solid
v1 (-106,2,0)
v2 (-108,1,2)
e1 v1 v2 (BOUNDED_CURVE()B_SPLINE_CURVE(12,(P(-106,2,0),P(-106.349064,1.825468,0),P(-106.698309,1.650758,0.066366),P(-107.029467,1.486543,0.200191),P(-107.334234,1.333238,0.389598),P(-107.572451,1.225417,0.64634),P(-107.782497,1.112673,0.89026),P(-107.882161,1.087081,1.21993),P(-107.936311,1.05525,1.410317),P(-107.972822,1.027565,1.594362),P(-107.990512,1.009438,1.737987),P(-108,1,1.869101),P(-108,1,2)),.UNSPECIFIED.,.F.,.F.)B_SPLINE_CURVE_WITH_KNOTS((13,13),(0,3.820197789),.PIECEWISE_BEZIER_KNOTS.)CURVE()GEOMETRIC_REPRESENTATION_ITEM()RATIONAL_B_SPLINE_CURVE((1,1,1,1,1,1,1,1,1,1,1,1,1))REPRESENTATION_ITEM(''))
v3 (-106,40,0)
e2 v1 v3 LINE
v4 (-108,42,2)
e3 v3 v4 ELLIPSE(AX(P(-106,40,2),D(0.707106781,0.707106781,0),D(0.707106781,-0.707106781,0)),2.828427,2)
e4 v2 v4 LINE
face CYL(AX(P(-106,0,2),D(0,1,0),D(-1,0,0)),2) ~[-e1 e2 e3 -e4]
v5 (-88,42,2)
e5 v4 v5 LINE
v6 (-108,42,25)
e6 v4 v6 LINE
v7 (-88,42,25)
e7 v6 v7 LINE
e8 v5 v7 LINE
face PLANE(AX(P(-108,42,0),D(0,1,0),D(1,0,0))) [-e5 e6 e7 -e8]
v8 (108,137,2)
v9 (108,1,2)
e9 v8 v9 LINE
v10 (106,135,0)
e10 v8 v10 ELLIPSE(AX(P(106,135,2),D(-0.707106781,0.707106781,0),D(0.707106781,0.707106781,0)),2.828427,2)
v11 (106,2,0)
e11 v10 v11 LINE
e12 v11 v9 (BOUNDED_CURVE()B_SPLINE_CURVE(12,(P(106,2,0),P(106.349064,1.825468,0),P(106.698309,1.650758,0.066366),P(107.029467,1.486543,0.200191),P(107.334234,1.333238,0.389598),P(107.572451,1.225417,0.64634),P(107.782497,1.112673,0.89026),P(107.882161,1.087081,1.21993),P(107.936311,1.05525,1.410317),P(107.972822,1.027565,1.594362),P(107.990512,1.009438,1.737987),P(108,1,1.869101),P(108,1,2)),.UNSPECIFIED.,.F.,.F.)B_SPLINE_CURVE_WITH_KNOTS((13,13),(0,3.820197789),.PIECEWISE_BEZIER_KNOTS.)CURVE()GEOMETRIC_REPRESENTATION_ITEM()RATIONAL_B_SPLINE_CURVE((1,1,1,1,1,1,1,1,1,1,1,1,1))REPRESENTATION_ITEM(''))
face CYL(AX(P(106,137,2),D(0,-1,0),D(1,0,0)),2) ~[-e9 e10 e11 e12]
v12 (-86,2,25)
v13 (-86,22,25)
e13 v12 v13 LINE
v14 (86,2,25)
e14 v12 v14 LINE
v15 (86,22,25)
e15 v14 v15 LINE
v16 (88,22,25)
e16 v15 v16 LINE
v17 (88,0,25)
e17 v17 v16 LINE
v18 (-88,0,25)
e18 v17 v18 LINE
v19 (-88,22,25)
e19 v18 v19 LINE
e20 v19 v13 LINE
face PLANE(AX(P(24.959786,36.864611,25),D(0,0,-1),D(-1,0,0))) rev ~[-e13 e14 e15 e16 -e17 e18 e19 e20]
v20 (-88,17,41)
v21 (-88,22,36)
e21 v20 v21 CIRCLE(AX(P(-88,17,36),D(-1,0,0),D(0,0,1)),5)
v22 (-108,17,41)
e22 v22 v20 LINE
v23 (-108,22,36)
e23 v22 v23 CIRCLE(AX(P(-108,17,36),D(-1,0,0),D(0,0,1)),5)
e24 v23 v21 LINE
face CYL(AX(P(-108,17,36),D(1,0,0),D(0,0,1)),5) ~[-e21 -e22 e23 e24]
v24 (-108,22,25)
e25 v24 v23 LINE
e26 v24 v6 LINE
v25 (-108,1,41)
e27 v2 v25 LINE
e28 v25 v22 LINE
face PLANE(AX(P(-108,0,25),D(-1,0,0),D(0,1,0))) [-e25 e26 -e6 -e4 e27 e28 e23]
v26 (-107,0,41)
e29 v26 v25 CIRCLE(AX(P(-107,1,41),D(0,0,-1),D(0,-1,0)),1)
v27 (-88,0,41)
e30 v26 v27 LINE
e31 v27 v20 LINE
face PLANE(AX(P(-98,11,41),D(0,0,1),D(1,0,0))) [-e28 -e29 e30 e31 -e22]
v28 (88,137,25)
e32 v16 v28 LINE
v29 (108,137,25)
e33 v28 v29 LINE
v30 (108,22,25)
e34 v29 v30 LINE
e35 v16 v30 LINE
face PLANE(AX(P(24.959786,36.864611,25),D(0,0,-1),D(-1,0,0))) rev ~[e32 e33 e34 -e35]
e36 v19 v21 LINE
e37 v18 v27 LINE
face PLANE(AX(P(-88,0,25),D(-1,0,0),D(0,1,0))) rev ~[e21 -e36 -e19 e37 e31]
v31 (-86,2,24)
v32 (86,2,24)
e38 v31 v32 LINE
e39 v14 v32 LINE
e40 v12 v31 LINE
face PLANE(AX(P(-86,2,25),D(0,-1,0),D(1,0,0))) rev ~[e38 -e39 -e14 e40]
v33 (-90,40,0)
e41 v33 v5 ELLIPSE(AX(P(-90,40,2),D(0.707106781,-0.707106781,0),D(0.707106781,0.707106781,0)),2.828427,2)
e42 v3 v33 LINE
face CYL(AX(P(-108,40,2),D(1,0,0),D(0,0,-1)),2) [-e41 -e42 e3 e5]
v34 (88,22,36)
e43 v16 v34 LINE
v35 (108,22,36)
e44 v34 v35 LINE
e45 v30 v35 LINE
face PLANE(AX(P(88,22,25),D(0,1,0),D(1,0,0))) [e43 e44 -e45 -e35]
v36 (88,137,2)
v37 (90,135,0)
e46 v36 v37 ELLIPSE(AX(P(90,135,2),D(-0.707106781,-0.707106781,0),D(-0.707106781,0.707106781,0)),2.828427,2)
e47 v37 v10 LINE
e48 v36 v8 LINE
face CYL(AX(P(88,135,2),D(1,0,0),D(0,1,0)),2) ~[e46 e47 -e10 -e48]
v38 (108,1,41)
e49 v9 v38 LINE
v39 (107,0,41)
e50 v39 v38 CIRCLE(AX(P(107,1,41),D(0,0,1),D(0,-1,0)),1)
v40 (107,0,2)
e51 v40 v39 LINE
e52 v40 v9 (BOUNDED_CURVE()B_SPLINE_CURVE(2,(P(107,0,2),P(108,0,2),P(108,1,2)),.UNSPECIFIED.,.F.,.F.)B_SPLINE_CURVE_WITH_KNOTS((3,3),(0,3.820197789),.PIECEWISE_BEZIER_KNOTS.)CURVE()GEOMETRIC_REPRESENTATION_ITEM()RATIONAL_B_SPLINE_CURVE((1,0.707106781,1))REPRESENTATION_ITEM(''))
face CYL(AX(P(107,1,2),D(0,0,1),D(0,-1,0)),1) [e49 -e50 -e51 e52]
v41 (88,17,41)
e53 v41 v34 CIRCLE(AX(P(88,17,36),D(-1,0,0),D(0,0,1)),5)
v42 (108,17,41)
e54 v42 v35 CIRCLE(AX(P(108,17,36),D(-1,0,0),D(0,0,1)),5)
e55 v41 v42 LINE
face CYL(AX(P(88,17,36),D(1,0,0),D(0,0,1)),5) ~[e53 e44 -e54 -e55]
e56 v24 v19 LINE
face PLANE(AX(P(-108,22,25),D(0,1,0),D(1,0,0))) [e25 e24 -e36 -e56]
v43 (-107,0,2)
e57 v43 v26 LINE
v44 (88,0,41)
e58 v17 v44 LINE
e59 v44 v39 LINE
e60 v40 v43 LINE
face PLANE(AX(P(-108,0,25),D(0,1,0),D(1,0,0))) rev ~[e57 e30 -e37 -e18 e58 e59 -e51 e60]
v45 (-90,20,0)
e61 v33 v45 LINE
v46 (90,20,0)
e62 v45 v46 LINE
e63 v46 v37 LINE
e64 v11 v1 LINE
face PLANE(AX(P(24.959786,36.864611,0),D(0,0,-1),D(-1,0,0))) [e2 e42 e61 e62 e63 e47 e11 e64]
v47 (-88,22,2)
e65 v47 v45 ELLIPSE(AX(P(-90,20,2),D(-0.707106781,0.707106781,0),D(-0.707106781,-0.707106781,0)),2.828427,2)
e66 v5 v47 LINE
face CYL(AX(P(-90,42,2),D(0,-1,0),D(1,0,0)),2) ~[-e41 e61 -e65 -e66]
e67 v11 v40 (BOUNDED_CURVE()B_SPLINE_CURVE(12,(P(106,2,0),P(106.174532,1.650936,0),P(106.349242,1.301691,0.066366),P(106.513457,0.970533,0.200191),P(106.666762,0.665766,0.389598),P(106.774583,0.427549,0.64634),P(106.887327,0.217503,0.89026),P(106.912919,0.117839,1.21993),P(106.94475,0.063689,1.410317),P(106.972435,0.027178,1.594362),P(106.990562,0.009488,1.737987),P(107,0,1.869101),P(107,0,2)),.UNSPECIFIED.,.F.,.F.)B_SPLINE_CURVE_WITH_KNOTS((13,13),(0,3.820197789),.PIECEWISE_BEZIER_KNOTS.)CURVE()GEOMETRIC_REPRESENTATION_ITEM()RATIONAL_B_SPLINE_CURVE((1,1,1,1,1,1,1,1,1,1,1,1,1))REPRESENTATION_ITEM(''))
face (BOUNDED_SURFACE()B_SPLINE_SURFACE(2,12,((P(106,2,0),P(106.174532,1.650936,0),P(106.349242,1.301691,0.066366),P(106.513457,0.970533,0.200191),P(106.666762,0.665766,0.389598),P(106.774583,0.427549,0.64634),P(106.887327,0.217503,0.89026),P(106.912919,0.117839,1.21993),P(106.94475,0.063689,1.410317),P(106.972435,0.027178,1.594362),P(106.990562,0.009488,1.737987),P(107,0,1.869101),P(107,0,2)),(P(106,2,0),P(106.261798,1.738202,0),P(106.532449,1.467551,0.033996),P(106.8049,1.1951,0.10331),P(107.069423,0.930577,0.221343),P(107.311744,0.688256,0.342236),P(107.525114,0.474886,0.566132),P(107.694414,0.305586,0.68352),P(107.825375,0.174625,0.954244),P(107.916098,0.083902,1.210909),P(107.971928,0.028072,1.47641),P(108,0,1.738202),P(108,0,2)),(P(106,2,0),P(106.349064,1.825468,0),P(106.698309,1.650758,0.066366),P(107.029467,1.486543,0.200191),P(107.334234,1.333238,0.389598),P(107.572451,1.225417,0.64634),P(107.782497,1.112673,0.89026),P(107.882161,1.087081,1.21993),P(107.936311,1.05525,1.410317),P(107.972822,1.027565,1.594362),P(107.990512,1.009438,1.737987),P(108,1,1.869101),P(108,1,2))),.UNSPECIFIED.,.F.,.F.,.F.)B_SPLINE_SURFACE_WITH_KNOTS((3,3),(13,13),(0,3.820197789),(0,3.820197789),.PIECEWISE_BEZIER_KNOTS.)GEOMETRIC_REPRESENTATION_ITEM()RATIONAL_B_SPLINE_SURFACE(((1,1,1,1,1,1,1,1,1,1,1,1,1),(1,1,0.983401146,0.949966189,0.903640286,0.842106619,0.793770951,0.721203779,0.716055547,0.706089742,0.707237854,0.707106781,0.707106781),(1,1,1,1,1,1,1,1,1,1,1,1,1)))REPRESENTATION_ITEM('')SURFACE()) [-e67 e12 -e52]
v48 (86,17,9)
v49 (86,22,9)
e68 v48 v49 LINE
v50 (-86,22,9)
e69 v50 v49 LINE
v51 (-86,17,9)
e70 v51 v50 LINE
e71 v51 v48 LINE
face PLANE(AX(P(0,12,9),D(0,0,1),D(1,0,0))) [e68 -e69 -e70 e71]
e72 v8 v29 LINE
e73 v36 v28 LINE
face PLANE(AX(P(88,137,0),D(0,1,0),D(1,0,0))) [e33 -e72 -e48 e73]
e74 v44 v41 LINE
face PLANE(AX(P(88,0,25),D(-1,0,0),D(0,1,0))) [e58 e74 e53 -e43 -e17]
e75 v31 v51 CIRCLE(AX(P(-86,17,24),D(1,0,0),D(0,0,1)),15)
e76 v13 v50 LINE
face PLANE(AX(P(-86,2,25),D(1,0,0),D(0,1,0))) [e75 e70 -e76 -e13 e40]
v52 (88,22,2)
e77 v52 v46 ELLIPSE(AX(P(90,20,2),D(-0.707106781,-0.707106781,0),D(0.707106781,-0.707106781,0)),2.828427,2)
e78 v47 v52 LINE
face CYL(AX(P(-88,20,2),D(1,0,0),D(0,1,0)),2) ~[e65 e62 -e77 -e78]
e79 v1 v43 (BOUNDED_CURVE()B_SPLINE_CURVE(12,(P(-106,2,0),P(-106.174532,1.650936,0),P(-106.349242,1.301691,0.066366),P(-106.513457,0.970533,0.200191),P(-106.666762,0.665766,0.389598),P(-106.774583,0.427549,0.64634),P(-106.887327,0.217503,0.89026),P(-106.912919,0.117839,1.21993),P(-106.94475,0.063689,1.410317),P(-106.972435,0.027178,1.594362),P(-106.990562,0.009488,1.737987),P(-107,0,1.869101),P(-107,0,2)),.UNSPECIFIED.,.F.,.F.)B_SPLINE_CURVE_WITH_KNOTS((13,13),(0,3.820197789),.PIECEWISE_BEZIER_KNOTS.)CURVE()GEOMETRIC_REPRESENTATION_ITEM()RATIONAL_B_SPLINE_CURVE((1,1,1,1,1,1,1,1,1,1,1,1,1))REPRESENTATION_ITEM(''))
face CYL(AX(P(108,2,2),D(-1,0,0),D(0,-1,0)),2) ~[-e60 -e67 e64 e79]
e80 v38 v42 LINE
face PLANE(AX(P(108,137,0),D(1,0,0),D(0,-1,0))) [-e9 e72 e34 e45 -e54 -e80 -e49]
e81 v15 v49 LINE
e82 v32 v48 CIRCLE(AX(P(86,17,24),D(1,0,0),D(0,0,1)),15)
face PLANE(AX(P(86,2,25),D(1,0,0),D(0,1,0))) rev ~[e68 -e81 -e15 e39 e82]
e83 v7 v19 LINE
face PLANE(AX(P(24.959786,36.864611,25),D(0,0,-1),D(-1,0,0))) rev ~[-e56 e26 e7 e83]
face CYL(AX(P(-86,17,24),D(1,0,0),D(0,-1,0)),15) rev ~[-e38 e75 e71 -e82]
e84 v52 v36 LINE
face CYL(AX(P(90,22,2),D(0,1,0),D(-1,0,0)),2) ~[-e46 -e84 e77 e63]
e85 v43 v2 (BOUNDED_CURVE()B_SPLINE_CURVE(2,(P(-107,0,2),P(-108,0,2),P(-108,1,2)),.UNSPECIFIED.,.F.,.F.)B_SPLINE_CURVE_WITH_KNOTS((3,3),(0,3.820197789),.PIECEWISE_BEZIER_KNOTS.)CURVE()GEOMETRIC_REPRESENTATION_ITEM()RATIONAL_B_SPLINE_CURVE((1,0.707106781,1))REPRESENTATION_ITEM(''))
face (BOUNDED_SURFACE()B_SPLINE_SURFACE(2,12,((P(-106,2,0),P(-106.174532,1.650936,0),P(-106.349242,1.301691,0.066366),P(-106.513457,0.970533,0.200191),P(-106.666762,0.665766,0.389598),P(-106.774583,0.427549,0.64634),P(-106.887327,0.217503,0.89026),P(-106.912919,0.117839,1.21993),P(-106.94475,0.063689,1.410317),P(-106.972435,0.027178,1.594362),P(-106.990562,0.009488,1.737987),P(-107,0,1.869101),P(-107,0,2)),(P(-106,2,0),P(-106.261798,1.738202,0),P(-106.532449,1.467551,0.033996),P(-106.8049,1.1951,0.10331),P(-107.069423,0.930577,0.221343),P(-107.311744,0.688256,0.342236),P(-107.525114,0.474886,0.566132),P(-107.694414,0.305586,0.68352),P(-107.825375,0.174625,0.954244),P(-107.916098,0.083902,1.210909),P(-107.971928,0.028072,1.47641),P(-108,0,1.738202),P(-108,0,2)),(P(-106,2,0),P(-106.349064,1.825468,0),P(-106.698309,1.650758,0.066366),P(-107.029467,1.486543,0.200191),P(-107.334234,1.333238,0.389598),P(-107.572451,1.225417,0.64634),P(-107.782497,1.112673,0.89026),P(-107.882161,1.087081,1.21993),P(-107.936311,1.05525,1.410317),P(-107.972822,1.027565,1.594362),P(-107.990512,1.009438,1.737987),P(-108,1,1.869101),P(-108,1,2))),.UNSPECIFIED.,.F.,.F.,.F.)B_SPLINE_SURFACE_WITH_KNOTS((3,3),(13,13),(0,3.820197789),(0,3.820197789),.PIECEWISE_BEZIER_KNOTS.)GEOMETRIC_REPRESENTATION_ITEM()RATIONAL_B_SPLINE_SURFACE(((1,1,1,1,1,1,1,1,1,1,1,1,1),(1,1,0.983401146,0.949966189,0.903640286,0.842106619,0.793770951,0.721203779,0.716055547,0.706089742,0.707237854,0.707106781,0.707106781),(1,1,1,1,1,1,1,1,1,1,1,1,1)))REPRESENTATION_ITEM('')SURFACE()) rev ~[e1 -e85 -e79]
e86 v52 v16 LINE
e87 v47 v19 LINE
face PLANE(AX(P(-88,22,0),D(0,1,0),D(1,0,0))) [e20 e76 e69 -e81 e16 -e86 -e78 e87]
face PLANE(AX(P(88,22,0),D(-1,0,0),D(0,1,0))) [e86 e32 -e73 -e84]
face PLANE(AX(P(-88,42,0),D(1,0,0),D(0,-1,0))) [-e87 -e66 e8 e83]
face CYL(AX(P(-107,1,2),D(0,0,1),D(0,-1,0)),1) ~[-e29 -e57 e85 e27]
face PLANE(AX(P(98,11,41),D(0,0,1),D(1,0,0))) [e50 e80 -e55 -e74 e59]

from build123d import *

# Parameters (mm, degrees)
PAD004_DEPTH    = 25
SKETCH007_W     = 20
SKETCH007_H     = 22
PAD005_DEPTH    = 16
FILLET003_R     = 2
SKETCH010_W     = 172
SKETCH010_H     = 20
POCKET003_DEPTH = 16
FILLET007_R     = 15
FILLET008_R     = 5
FILLET009_R     = 1


with BuildPart() as part:
    # Sketch006 → Pad004 (new body)
    with BuildSketch(Plane.XY):
        Polygon((-108, 42), (-88, 42), (-88, 22), (88, 22), (88, 137), (108, 137), (108, 0), (-108, 0), align=None)
    extrude(amount=PAD004_DEPTH)

    # Sketch007 (on DatumPlane) → Pad005 (join)
    with BuildSketch(Plane.XY.offset(25)):
        with Locations((-98, 11)):
            Rectangle(SKETCH007_W, SKETCH007_H)
        with Locations((98, 11)):
            Rectangle(SKETCH007_W, SKETCH007_H)
    extrude(amount=PAD005_DEPTH)

    # Fillet003
    fillet003_edges = [part.edges().sort_by_distance(p)[0] for p in [
        (-98, 42, 0),
        (-88, 32, 0),
        (0, 22, 0),
        (88, 79.5, 0),
        (98, 137, 0),
        (108, 68.5, 0),
        (0, 0, 0),
        (-108, 21, 0),
    ]]
    fillet(fillet003_edges, radius=FILLET003_R)

    # Sketch010 (on DatumPlane) → Pocket003 (cut)
    with BuildSketch(Plane.XY.offset(25)):
        with Locations((0, 12)):
            Rectangle(SKETCH010_W, SKETCH010_H)
    extrude(amount=-POCKET003_DEPTH, mode=Mode.SUBTRACT)

    # Fillet007
    fillet007_edges = [part.edges().sort_by_distance(p)[0] for p in [
        (0, 2, 9),
    ]]
    fillet(fillet007_edges, radius=FILLET007_R)

    # Fillet008
    fillet008_edges = [part.edges().sort_by_distance(p)[0] for p in [
        (-98, 22, 41),
        (98, 22, 41),
    ]]
    fillet(fillet008_edges, radius=FILLET008_R)

    # Fillet009
    fillet009_edges = [part.edges().sort_by_distance(p)[0] for p in [
        (108, 0, 33),
        (108, 0, 13.5),
        (-108, 0, 33),
        (-108, 0, 13.5),
    ]]
    fillet(fillet009_edges, radius=FILLET009_R)


solid = part.part
